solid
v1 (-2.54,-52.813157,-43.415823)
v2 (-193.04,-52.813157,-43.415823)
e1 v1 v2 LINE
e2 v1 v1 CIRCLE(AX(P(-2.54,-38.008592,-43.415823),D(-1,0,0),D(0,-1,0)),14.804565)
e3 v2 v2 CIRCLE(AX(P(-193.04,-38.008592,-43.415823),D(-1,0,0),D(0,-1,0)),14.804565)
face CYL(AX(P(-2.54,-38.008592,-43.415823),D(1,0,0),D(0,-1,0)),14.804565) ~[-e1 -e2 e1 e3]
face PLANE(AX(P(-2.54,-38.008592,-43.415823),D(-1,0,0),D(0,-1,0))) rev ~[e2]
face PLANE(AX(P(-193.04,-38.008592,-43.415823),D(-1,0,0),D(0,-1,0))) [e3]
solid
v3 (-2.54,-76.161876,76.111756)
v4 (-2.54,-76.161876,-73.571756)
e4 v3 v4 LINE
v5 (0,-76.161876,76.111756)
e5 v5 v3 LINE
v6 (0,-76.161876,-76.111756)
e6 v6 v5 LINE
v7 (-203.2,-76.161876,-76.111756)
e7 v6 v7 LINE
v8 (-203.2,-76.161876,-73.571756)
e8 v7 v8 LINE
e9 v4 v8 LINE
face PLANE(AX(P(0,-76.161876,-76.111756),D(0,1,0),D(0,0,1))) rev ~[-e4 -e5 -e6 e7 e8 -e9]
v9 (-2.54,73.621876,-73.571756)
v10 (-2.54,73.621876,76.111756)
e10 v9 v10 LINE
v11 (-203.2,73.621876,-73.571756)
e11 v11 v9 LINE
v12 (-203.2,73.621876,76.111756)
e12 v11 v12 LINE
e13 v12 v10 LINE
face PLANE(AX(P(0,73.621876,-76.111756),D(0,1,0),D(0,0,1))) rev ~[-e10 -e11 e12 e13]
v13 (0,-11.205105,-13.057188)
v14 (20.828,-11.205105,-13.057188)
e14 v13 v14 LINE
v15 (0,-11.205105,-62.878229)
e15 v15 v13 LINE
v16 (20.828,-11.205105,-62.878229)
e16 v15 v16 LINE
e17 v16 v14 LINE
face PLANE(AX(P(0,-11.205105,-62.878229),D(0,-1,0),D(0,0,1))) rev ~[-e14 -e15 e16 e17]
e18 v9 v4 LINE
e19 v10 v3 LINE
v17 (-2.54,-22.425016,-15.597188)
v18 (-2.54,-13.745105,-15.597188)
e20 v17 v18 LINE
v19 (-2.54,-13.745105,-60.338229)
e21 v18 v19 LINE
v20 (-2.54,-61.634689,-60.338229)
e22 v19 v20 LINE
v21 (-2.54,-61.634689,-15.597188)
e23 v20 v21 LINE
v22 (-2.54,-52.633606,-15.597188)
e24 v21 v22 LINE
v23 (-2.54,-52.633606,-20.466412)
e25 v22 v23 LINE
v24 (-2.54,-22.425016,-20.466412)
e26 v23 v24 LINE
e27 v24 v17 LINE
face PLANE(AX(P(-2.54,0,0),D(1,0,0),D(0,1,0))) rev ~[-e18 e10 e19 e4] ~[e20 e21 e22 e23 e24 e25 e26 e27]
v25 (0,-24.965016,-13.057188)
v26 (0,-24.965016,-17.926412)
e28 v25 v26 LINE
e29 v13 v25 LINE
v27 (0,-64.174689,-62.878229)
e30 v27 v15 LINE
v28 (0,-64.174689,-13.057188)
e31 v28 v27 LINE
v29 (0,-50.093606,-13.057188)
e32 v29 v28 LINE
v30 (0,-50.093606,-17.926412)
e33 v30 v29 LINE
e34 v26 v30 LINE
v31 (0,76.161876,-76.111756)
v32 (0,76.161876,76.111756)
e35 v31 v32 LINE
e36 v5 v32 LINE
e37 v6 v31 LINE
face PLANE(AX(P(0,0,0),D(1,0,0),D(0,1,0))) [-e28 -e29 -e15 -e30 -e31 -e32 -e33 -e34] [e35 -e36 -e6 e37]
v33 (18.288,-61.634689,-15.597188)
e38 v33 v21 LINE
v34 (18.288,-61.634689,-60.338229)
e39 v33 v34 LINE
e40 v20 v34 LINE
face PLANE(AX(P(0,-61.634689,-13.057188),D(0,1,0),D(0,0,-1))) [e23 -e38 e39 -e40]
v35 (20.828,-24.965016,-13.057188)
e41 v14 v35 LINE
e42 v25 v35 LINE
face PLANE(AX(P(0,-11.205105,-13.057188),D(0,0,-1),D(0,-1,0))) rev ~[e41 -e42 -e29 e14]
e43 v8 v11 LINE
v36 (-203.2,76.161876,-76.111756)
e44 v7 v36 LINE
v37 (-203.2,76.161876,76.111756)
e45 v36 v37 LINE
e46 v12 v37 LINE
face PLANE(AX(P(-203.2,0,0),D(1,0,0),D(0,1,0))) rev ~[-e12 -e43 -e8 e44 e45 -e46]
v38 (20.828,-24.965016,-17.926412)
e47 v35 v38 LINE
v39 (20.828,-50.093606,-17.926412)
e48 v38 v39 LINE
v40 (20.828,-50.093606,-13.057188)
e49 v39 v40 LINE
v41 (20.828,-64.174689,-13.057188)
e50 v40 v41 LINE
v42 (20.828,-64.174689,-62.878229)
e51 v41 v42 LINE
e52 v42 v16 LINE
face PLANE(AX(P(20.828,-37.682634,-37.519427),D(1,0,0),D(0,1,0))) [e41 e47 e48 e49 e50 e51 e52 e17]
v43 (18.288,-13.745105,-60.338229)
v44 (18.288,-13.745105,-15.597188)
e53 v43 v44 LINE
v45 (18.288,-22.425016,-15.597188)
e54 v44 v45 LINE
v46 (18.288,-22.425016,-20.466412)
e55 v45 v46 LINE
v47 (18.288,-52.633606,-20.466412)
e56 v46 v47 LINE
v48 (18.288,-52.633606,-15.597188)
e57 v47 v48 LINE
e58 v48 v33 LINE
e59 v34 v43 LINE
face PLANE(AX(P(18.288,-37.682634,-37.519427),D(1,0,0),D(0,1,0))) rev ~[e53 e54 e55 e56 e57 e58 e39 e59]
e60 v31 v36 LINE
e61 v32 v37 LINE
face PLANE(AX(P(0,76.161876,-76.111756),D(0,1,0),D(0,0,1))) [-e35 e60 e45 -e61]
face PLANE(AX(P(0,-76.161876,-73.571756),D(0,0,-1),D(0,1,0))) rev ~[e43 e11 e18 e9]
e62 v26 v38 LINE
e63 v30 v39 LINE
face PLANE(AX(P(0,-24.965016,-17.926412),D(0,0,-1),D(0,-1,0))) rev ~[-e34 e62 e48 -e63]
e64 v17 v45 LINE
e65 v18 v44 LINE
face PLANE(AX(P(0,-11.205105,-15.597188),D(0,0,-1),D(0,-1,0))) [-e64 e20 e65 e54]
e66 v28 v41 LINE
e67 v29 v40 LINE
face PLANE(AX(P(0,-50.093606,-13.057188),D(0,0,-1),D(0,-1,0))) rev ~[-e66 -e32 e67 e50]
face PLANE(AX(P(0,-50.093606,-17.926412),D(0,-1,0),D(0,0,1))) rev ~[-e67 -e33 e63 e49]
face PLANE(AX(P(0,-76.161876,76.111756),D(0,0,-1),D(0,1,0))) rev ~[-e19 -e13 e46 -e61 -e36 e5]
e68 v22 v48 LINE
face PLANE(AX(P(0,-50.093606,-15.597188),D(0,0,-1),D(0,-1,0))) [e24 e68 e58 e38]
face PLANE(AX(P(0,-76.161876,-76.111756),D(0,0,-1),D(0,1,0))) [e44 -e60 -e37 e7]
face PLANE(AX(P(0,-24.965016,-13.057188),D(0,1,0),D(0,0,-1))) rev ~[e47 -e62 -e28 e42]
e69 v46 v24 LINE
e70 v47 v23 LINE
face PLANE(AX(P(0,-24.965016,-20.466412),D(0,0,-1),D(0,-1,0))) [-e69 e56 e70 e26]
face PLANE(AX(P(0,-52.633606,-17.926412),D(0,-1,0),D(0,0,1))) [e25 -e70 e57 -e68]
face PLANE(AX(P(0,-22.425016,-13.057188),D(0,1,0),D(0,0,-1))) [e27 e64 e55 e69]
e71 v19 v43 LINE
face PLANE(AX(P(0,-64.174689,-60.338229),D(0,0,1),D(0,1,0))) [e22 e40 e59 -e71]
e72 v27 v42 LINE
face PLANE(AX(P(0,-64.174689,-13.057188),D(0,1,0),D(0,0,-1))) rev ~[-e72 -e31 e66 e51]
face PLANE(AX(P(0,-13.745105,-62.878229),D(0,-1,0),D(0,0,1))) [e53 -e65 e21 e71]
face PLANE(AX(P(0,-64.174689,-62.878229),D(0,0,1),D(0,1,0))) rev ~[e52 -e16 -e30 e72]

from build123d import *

# Parameters (mm, degrees)
F0_W     = 152.3237526417
F0_H     = 152.2235125303
F1_DEPTH = 203.2
F3_DEPTH = 20.828
F4_T     = -2.54
F5_R     = 14.8045645705
F6_DEPTH = 190.5


with BuildPart() as f1:
    # F0 (on Right) → F1 (new body)
    with BuildSketch(Plane.YZ):
        Rectangle(F0_W, F0_H)
    extrude(amount=-F1_DEPTH)

    # F2 (on face) → F3 (join)
    with BuildSketch(Plane.YZ):
        Polygon((-64.1746893525, -13.0571881309), (-64.1746893525, -62.878228724), (-11.205105111, -62.878228724), (-11.205105111, -13.0571881309), (-24.9650161713, -13.0571881309), (-24.9650161713, -17.9264117032), (-50.0936061144, -17.9264117032), (-50.0936061144, -13.0571881309), align=None)
    extrude(amount=F3_DEPTH)

    # F4
    f4_openings = [f1.faces().sort_by_distance(p)[0] for p in [
        (-101.6, -76.161876, 0),
        (-101.6, 0, 76.111756),
        (-203.2, 0, 0),
    ]]
    offset(amount=F4_T, openings=f4_openings, kind=Kind.INTERSECTION)


with BuildPart() as f6:
    # F5 (on face) → F6 (new body)
    with BuildSketch(Plane(origin=(-2.54, 0, 0), x_dir=(0, -1, 0), z_dir=(-1, 0, 0))):
        with Locations((38.0085924748, -43.4158226097)):
            Circle(F5_R)
    extrude(amount=F6_DEPTH)


solid = Compound([f1.part, f6.part])
